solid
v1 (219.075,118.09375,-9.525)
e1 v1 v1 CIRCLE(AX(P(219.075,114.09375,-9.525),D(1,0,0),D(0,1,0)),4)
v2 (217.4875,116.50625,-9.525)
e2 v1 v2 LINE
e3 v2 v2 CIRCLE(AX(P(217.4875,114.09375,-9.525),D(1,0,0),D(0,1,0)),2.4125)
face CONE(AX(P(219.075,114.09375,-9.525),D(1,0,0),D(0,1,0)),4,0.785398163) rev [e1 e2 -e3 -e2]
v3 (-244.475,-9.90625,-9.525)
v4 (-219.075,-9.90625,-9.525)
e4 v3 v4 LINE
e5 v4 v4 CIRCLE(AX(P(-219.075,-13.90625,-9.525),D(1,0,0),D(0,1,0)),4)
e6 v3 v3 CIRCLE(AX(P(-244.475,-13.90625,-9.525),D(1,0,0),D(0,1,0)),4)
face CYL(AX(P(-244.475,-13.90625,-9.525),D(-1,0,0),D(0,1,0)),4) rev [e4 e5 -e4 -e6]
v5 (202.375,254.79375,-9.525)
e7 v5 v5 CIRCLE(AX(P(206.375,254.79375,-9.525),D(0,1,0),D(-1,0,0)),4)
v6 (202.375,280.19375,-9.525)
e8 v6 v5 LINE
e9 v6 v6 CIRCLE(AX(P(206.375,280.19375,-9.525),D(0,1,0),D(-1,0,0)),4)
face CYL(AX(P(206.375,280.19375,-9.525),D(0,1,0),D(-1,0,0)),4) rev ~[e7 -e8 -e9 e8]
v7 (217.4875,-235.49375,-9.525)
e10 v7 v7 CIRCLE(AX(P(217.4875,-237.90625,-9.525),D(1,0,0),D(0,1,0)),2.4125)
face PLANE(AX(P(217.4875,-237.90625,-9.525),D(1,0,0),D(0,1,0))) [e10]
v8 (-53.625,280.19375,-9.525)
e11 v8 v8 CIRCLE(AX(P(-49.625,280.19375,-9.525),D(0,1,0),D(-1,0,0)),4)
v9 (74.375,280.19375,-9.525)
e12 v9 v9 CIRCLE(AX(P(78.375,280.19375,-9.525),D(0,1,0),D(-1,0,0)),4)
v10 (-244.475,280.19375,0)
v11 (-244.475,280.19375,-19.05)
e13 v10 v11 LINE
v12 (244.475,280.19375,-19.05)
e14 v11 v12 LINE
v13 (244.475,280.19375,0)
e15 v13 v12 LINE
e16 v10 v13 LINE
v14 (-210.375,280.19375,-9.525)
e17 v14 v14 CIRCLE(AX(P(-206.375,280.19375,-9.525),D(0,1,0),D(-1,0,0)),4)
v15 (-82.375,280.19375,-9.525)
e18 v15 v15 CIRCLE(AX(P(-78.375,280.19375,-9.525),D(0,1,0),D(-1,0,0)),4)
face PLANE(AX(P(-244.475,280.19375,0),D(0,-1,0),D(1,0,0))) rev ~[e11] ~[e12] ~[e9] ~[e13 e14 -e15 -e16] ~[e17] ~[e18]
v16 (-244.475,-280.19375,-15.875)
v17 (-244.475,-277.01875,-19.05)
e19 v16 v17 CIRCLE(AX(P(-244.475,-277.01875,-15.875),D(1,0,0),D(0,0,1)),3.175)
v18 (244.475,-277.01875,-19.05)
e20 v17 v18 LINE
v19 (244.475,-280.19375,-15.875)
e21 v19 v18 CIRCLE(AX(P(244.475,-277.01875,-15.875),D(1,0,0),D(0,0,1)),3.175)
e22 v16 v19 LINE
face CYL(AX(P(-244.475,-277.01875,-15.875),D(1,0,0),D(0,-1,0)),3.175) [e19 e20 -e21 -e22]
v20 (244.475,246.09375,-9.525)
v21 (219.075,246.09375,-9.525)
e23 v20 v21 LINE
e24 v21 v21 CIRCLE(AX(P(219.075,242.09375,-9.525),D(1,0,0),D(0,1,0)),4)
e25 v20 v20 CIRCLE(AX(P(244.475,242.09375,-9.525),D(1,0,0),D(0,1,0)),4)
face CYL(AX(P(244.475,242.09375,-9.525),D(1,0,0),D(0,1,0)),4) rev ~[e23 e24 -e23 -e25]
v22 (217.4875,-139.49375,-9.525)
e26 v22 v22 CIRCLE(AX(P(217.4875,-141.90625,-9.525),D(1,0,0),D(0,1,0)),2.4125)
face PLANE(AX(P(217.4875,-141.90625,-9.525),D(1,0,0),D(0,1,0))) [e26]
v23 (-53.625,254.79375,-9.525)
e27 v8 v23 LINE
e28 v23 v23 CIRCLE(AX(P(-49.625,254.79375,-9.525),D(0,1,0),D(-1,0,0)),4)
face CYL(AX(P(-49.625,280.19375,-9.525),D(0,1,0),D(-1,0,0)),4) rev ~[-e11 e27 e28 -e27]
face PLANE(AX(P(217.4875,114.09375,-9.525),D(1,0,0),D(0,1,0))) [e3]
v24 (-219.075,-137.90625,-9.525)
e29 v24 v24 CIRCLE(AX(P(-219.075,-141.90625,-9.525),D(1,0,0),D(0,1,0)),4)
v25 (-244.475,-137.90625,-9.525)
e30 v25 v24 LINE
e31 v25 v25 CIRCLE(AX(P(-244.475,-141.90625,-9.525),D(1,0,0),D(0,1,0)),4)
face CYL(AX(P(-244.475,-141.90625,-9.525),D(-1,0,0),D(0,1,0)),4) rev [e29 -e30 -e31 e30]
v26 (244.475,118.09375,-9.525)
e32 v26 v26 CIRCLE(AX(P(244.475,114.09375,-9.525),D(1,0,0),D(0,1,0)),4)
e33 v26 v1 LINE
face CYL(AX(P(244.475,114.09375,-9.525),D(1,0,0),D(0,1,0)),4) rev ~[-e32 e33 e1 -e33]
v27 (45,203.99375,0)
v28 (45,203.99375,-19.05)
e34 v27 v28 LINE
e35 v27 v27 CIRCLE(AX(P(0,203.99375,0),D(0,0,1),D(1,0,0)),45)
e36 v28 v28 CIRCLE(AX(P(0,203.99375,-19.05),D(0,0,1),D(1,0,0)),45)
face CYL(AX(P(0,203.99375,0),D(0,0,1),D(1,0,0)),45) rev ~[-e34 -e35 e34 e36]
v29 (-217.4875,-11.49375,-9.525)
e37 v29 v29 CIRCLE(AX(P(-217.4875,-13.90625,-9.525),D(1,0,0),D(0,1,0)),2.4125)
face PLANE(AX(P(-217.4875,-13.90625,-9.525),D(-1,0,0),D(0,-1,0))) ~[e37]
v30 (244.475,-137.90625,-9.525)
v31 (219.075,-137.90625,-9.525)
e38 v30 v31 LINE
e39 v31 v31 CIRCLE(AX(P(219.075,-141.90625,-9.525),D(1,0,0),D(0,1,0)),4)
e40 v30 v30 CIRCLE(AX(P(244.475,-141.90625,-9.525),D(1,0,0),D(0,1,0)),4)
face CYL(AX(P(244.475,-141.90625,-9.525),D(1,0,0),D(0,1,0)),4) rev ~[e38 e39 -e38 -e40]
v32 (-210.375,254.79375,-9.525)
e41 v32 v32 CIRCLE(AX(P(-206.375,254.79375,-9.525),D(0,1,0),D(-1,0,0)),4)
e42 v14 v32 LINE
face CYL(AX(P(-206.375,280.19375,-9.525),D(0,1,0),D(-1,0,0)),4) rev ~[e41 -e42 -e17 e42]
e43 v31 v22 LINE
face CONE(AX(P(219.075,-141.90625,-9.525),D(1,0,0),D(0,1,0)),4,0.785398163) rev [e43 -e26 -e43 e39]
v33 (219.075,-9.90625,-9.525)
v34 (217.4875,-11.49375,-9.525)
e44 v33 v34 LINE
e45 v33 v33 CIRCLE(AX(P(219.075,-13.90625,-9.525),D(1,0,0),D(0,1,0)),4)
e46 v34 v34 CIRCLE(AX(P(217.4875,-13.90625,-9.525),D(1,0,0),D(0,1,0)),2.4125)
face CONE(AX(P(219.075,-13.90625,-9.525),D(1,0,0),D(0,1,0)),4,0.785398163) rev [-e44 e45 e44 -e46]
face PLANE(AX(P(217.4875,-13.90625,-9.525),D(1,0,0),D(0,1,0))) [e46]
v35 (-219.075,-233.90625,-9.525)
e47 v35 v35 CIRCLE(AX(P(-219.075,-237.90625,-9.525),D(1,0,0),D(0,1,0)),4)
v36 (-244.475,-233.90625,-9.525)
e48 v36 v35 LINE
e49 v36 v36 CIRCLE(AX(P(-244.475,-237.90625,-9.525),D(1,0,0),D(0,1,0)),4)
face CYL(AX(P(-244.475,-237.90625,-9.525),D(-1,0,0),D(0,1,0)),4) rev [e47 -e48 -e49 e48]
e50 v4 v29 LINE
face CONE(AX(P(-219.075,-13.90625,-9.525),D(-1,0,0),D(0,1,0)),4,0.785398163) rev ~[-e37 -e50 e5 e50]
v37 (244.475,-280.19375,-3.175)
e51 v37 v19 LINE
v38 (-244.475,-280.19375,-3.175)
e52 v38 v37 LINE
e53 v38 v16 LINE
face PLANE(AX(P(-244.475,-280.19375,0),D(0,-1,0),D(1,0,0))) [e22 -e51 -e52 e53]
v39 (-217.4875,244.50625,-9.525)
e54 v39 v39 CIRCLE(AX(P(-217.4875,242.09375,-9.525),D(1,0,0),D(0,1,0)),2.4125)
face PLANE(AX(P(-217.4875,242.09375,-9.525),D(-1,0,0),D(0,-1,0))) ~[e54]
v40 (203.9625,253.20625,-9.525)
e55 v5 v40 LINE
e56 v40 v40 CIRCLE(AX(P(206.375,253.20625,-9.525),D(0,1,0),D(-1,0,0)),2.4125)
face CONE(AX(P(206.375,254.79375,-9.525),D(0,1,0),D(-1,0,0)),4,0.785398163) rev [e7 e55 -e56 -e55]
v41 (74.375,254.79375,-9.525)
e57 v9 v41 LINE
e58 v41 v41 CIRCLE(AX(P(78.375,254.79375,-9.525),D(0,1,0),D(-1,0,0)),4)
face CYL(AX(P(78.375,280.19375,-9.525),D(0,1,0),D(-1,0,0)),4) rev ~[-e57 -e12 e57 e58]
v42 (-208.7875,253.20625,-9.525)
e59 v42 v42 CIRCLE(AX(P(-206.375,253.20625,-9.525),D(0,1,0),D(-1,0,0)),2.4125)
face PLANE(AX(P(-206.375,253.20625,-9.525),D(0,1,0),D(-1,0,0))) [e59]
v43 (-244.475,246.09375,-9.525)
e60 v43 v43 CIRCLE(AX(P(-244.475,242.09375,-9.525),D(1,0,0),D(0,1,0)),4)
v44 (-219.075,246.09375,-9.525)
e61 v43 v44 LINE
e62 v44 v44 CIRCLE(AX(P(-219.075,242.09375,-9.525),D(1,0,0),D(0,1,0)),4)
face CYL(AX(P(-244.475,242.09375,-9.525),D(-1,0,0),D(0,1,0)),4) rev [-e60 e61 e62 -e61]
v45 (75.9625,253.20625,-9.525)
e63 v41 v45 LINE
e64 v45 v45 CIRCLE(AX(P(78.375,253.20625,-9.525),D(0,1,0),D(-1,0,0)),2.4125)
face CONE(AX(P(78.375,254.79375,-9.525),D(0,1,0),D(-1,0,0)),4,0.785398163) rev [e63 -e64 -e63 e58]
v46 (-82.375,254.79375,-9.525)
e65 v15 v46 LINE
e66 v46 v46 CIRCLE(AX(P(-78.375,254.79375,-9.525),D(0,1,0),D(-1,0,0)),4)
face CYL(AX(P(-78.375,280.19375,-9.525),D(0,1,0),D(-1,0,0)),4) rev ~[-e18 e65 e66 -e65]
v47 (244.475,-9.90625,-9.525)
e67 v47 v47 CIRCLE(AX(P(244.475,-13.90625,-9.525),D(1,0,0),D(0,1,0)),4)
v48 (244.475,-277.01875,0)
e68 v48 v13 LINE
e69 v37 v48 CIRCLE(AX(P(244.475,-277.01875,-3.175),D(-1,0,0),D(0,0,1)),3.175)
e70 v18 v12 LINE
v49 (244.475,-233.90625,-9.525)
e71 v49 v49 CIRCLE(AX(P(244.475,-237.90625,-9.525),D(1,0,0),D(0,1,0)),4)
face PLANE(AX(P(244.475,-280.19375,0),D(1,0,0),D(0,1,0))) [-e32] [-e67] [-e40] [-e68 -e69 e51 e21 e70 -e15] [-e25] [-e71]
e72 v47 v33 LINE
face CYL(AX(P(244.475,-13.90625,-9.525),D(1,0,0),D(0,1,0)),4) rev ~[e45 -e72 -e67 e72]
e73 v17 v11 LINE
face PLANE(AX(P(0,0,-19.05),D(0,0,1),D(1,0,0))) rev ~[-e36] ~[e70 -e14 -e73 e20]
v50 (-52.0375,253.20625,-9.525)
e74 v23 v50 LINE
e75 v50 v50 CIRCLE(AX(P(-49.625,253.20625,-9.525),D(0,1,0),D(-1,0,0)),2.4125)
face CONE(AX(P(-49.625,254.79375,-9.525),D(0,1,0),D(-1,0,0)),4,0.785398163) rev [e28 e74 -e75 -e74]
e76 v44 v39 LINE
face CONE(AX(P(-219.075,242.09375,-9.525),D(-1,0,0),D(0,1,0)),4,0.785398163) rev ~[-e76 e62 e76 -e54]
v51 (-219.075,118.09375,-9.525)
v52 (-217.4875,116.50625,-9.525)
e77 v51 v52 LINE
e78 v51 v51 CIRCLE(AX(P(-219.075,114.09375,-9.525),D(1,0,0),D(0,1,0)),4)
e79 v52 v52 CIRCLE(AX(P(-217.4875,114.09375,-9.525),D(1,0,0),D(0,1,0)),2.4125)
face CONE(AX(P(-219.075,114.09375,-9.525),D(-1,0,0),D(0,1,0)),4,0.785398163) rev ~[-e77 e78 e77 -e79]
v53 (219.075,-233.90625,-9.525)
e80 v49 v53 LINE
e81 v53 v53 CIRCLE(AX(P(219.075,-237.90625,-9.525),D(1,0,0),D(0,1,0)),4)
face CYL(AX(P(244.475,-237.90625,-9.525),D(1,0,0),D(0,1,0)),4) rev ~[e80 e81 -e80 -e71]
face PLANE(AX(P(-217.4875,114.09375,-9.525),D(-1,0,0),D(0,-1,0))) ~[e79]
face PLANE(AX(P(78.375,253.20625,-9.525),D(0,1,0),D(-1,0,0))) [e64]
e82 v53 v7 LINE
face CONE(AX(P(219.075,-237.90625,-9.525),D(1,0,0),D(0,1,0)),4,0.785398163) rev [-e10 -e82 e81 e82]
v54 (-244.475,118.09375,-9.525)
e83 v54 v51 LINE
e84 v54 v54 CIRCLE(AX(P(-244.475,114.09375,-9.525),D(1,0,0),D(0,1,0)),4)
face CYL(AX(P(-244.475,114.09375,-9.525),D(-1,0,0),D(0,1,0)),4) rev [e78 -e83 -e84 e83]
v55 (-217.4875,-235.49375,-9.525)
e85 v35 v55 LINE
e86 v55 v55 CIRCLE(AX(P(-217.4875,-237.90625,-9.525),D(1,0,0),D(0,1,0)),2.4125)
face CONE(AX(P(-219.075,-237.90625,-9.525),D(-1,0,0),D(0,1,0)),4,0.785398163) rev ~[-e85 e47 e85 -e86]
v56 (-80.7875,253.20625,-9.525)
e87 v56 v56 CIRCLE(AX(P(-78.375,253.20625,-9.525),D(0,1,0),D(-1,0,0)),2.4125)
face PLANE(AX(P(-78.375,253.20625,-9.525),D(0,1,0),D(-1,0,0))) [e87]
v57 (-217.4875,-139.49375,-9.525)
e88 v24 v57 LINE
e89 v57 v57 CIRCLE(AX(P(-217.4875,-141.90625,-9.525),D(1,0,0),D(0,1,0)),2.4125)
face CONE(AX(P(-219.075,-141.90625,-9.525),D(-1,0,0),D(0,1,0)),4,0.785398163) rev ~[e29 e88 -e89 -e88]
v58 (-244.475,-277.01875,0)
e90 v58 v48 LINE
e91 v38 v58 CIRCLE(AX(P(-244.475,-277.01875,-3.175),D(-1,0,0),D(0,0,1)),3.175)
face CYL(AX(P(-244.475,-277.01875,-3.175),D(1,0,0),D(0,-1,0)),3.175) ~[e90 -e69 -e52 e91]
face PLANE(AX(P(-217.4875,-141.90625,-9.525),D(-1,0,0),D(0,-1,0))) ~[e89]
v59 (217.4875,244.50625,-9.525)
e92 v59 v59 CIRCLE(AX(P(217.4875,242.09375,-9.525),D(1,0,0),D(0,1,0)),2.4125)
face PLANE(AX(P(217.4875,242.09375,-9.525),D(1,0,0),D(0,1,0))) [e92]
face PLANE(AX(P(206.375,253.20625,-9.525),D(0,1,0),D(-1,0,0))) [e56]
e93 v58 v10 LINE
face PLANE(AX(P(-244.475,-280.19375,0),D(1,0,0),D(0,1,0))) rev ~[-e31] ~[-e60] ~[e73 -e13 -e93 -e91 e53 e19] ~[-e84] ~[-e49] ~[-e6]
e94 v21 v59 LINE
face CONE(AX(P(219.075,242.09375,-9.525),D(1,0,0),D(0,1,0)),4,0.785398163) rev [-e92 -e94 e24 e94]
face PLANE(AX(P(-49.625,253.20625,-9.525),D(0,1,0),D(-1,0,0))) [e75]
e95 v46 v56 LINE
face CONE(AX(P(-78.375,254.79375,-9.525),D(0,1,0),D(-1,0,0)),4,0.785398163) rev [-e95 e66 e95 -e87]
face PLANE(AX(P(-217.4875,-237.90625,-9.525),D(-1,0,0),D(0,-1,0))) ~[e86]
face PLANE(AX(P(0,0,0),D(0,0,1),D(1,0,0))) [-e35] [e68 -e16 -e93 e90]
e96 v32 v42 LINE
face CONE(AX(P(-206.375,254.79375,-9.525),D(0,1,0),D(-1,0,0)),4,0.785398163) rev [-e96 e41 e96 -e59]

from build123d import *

# Parameters (mm, degrees)
F0_W      = 488.95
F0_H      = 560.3875
F1_DEPTH  = 19.05
F3_R      = 4
F4_DEPTH  = 26.9875
F5_SIZE   = 1.5875
F13_ANGLE = 90
F22_R     = 3.175
F23_R     = 45
F24_DEPTH = 19.051


with BuildPart() as f1:
    # F0 (on Top) → F1 (new body)
    with BuildSketch(Plane.XY):
        Rectangle(F0_W, F0_H)
    extrude(amount=-F1_DEPTH)


with BuildPart() as f4:
    # F3 (on Right) → F4 (new body)
    with BuildSketch(Plane.YZ):
        with Locations((-271.8283832073, -132.3440223932)):
            Circle(F3_R)
    extrude(amount=-F4_DEPTH)

    # F5
    f5_edges = [f4.edges().sort_by_distance(p)[0] for p in [
        (-26.9875, -275.828383, -132.344022),
    ]]
    chamfer(f5_edges, length=F5_SIZE)


with BuildPart() as f6_1:
    # F6: copy of F4
    add(f4.part.moved(Location((244.475, 33.9221332073, 122.8190223932))))


with BuildPart() as f7_1:
    # F7: copy of F4
    add(f4.part.moved(Location((244.475, 129.9221332073, 122.8190223932))))


with BuildPart() as f8_1:
    # F8: copy of F4
    add(f4.part.moved(Location((244.475, 257.9221332073, 122.8190223932))))


with BuildPart() as f9_1:
    # F9: copy of F4
    add(f4.part.moved(Location((244.475, 385.9221332073, 122.8190223932))))


with BuildPart() as f10_1:
    # F10: copy of F4
    add(f4.part.moved(Location((244.475, 513.9221332073, 122.8190223932))))


with BuildPart() as f11_1:
    # F11: instance of F6_1
    add(f6_1.part.mirror(Plane.YZ))


with BuildPart() as f11_2:
    # F11: instance of F7_1
    add(f7_1.part.mirror(Plane.YZ))


with BuildPart() as f11_3:
    # F11: instance of F8_1
    add(f8_1.part.mirror(Plane.YZ))


with BuildPart() as f11_4:
    # F11: instance of F9_1
    add(f9_1.part.mirror(Plane.YZ))


with BuildPart() as f11_5:
    # F11: instance of F10_1
    add(f10_1.part.mirror(Plane.YZ))


with BuildPart() as f1_1:
    add(f1.part)

    # F12: cut F11_1, F11_2, F11_3, F11_4, F11_5, F10_1, F9_1, F8_1, F7_1, F6_1
    add(f11_1.part, mode=Mode.SUBTRACT)
    add(f11_2.part, mode=Mode.SUBTRACT)
    add(f11_3.part, mode=Mode.SUBTRACT)
    add(f11_4.part, mode=Mode.SUBTRACT)
    add(f11_5.part, mode=Mode.SUBTRACT)
    add(f10_1.part, mode=Mode.SUBTRACT)
    add(f9_1.part, mode=Mode.SUBTRACT)
    add(f8_1.part, mode=Mode.SUBTRACT)
    add(f7_1.part, mode=Mode.SUBTRACT)
    add(f6_1.part, mode=Mode.SUBTRACT)


with BuildPart() as f4_1:
    # F13: moved
    add(f4.part.rotate(Axis((244.475, -280.19375, -9.525), (0, 0, 1)), F13_ANGLE))


with BuildPart() as f16_1:
    # F16: copy of F4
    add(f4_1.part.moved(Location((-442.4846332073, 804.8625, 122.8190223932))))


with BuildPart() as f17_1:
    # F17: copy of F4
    add(f4_1.part.moved(Location((-314.4846332073, 804.8625, 122.8190223932))))


with BuildPart() as f18_1:
    # F18: copy of F4
    add(f4_1.part.moved(Location((-285.7346332073, 804.8625, 122.8190223932))))


with BuildPart() as f19_1:
    # F19: copy of F4
    add(f4_1.part.moved(Location((-157.7346332073, 804.8625, 122.8190223932))))


with BuildPart() as f4_2:
    # F20: moved
    add(f4_1.part.moved(Location((-29.7346332073, 804.8625, 122.8190223932))))


with BuildPart() as f1_2:
    add(f1_1.part)

    # F21: cut F16_1, F17_1, F18_1, F19_1, F4
    add(f16_1.part, mode=Mode.SUBTRACT)
    add(f17_1.part, mode=Mode.SUBTRACT)
    add(f18_1.part, mode=Mode.SUBTRACT)
    add(f19_1.part, mode=Mode.SUBTRACT)
    add(f4_2.part, mode=Mode.SUBTRACT)

    # F22
    f22_edges = [f1_2.edges().sort_by_distance(p)[0] for p in [
        (0, -280.19375, -19.05),
        (0, -280.19375, 0),
    ]]
    fillet(f22_edges, radius=F22_R)

    # F23 (on face) → F24 (cut, through all)
    with BuildSketch(Plane.XY):
        with Locations((0, 203.99375)):
            Circle(F23_R)
    extrude(amount=-F24_DEPTH, mode=Mode.SUBTRACT)


solid = f1_2.part
